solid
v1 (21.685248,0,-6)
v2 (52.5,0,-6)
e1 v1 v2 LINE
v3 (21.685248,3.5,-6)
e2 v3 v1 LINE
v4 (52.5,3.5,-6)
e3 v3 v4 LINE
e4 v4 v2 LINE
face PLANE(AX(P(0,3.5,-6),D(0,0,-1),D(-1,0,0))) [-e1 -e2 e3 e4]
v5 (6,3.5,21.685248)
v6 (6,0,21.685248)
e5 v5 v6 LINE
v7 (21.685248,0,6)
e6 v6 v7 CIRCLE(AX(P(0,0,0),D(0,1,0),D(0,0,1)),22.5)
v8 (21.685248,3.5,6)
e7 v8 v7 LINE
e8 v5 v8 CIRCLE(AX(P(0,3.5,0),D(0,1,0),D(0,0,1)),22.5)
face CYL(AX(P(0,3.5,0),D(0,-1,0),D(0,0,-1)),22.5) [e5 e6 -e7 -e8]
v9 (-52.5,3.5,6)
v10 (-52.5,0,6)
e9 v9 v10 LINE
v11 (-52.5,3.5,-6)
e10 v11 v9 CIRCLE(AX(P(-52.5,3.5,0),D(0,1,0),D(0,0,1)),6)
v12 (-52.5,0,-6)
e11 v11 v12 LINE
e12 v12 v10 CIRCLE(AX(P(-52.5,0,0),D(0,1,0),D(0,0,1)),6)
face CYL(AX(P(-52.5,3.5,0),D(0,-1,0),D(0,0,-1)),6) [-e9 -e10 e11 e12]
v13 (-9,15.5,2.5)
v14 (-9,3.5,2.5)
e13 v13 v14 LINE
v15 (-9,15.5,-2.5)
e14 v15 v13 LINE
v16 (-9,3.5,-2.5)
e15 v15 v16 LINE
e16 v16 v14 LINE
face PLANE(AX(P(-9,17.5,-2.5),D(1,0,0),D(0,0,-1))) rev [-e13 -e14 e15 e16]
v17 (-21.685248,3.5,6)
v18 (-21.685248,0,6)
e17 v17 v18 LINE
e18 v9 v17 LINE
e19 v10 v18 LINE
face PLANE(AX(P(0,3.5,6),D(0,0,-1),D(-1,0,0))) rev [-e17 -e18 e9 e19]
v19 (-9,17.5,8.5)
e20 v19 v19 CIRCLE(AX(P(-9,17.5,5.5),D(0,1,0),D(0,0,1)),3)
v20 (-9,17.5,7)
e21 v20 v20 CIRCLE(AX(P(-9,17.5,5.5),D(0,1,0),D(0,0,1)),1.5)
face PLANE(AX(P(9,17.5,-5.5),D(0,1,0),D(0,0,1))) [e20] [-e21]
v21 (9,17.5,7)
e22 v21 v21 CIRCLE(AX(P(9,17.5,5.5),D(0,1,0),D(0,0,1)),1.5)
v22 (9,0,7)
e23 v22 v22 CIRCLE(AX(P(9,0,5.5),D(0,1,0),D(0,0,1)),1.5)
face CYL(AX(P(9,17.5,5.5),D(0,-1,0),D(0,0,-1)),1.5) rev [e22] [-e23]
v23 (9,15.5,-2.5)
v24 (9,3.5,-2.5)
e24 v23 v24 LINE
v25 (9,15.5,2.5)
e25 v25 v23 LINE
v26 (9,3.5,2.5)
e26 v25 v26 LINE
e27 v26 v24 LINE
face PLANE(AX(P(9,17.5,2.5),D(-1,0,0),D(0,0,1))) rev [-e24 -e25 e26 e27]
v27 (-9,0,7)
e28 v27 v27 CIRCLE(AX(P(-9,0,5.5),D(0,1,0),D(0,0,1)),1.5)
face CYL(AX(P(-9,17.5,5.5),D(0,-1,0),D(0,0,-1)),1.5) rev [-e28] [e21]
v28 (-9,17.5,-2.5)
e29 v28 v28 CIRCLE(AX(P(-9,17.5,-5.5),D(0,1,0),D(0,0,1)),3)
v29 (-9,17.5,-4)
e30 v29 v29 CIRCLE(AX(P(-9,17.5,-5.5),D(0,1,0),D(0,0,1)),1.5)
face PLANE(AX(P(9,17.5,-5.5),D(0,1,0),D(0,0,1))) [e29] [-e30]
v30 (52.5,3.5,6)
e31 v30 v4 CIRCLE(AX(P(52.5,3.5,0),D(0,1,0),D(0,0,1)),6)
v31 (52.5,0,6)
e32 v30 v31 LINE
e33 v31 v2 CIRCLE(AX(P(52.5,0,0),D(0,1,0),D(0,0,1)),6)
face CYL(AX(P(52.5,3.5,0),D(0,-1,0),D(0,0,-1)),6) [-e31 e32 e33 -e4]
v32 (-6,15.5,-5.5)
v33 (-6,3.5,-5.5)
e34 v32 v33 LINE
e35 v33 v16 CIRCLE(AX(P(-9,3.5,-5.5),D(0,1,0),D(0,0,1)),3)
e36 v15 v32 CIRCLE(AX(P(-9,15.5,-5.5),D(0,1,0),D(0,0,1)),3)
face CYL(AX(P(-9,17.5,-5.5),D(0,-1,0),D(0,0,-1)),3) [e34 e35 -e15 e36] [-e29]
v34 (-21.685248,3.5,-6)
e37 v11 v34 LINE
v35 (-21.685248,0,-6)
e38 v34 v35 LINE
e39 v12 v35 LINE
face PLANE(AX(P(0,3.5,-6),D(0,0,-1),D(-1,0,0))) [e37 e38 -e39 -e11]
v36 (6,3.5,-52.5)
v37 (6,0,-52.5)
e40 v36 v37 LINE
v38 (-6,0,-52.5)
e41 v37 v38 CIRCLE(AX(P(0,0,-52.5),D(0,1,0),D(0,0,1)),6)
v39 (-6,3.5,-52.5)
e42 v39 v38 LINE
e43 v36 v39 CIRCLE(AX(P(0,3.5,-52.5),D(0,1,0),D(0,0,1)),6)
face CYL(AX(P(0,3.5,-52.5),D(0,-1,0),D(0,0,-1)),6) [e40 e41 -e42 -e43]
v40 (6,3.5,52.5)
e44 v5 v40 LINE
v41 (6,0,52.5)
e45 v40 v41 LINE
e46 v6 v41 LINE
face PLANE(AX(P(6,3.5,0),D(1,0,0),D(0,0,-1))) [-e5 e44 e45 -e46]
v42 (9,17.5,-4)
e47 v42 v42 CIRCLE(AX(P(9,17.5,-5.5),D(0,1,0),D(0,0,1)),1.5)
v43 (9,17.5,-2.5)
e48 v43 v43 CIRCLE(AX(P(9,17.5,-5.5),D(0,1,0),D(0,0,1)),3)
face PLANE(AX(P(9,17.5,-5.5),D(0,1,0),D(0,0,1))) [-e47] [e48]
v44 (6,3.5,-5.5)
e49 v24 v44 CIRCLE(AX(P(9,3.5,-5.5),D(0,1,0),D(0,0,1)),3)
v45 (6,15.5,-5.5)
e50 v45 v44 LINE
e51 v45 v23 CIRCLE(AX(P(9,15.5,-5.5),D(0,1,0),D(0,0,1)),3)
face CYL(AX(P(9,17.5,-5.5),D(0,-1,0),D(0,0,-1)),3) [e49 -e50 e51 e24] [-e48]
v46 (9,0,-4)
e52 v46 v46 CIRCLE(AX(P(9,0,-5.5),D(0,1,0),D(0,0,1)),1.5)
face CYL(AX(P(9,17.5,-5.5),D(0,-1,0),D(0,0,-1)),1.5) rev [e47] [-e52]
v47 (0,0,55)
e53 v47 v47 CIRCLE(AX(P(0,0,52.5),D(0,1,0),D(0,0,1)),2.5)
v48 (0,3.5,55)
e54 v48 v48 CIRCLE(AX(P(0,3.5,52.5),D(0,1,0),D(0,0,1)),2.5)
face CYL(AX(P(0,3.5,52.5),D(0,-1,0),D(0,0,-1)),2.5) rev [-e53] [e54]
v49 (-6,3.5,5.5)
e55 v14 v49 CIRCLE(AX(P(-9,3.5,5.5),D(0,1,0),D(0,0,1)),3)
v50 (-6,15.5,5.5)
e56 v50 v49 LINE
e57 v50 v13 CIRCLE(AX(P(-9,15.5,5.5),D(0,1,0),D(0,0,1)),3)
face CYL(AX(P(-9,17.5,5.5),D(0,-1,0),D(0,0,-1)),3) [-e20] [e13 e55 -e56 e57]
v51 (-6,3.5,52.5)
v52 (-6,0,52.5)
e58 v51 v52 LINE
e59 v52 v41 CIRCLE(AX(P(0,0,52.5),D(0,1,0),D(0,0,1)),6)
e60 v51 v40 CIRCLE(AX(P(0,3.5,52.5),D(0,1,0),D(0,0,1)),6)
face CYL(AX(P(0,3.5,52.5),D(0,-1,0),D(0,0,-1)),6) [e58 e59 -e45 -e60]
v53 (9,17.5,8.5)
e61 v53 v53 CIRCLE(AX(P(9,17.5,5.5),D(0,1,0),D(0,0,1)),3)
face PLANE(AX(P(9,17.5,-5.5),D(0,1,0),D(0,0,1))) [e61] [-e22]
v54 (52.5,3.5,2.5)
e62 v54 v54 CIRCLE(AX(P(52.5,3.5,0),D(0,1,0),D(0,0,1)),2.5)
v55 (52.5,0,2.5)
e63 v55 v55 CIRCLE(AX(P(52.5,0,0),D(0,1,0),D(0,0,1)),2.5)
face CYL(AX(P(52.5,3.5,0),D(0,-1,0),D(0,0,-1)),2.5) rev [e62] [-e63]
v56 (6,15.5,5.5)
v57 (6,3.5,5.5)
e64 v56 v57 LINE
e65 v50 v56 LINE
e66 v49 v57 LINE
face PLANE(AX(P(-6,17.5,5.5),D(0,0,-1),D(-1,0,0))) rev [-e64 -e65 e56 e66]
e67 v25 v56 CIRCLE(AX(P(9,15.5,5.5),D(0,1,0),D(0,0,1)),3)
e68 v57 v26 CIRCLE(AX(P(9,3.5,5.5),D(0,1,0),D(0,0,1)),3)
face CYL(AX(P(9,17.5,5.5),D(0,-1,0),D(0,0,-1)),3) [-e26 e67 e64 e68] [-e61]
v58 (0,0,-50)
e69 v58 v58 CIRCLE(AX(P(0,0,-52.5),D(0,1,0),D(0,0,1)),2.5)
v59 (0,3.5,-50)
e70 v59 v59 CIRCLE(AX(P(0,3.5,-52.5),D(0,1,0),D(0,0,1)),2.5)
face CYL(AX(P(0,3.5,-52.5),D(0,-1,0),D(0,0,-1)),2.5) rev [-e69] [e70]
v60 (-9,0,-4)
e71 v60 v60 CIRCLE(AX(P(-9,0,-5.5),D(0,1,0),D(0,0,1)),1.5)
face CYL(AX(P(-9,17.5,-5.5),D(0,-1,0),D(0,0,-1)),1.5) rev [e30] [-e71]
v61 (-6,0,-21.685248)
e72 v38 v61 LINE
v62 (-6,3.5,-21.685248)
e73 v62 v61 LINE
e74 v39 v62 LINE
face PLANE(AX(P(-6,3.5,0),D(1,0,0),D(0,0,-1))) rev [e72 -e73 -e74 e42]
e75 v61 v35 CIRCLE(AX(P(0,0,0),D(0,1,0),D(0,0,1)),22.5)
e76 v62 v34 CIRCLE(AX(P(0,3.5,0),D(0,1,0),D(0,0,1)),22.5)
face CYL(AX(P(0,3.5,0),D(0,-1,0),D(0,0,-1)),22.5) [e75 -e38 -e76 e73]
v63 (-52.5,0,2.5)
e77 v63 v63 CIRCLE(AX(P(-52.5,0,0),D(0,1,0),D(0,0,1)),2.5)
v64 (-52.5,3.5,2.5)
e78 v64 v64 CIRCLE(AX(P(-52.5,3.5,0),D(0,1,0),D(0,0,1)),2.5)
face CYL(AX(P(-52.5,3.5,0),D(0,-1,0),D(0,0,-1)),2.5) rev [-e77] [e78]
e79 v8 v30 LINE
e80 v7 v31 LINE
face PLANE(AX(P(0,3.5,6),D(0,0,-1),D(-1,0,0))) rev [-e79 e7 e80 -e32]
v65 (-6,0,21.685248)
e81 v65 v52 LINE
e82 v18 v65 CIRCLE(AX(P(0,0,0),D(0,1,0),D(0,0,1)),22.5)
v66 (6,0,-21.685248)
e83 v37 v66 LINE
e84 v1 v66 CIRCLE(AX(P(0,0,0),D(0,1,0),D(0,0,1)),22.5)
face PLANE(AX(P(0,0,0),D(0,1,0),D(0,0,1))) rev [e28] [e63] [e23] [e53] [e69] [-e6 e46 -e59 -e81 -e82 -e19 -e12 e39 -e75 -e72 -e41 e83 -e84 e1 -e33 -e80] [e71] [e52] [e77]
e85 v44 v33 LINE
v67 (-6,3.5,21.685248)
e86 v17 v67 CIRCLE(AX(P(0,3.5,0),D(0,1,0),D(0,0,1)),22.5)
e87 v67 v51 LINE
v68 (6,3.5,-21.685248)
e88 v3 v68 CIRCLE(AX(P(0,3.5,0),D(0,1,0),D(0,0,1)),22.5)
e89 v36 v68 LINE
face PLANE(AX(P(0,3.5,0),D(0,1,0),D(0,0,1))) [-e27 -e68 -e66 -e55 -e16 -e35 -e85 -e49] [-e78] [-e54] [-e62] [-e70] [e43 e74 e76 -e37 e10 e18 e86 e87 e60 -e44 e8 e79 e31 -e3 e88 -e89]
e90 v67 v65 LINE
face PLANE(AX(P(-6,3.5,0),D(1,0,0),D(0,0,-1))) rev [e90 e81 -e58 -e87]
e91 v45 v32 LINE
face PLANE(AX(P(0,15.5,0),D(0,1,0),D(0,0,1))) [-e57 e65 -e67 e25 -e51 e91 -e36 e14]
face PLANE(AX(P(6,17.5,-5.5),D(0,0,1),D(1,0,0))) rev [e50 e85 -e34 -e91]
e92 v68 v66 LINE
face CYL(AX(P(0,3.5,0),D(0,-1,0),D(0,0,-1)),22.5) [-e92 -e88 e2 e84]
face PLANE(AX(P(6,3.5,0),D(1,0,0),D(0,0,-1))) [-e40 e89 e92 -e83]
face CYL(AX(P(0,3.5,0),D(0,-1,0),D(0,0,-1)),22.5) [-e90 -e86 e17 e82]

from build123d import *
from build123d.topology import SkipClean

# Parameters (mm, degrees)
SKETCH1_R           = 2.5
BOSS_EXTRUDE1_DEPTH = 3.5
SKETCH4_R           = 1.5
BOSS_EXTRUDE2_DEPTH = 14
CUT_EXTRUDE4_START  = -2
CUT_EXTRUDE4_DEPTH  = 2
CUT_EXTRUDE2_START  = -10
SKETCH4_2_R         = 1.5
CUT_EXTRUDE2_DEPTH  = 10


with BuildPart() as part:
    # Sketch1 → Boss-Extrude1 (new body)
    with BuildSketch(Plane(origin=(0, 0, 0), x_dir=(1, 0, 0), z_dir=(0, 1, 0))):
        with BuildLine():
            Line((-21.685248442, 6), (-52.5, 6))
            ThreePointArc((-52.5, 6), (-58.5, 0), (-52.5, -6))
            Line((-52.5, -6), (-21.685248442, -6))
            ThreePointArc((-21.685248442, -6), (-15.909902577, -15.909902577), (-6, -21.685248442))
            Line((-6, -21.685248442), (-6, -52.5))
            ThreePointArc((-6, -52.5), (0, -58.5), (6, -52.5))
            Line((6, -52.5), (6, -21.685248442))
            ThreePointArc((6, -21.685248442), (15.909902577, -15.909902577), (21.685248442, -6))
            Line((21.685248442, -6), (52.5, -6))
            ThreePointArc((52.5, -6), (58.5, 0), (52.5, 6))
            Line((52.5, 6), (21.685248442, 6))
            ThreePointArc((21.685248442, 6), (15.909902577, 15.909902577), (6, 21.685248442))
            Line((6, 21.685248442), (6, 52.5))
            ThreePointArc((6, 52.5), (0, 58.5), (-6, 52.5))
            Line((-6, 52.5), (-6, 21.685248442))
            ThreePointArc((-6, 21.685248442), (-15.909902577, 15.909902577), (-21.685248442, 6))
        make_face()
        with Locations((0, -52.5)):
            Circle(SKETCH1_R, mode=Mode.SUBTRACT)
        with Locations((52.5, 0)):
            Circle(SKETCH1_R, mode=Mode.SUBTRACT)
        with Locations((-52.5, 0)):
            Circle(SKETCH1_R, mode=Mode.SUBTRACT)
        with Locations((0, 52.5)):
            Circle(SKETCH1_R, mode=Mode.SUBTRACT)
    extrude(amount=BOSS_EXTRUDE1_DEPTH)

    # Sketch4 → Boss-Extrude2 (add)
    with BuildSketch(Plane(origin=(0, 3.5, 0), x_dir=(1, 0, 0), z_dir=(0, 1, 0))):
        with BuildLine():
            Line((-6, -5.5), (6, -5.5))
            ThreePointArc((6, -5.5), (11.121320344, -7.621320344), (9, -2.5))
            Line((9, -2.5), (9, 2.5))
            ThreePointArc((9, 2.5), (11.121320344, 7.621320344), (6, 5.5))
            Line((6, 5.5), (-6, 5.5))
            ThreePointArc((-6, 5.5), (-11.121320344, 7.621320344), (-9, 2.5))
            Line((-9, 2.5), (-9, -2.5))
            ThreePointArc((-9, -2.5), (-11.121320344, -7.621320344), (-6, -5.5))
        make_face()
        with Locations((9, -5.5)):
            Circle(SKETCH4_R, mode=Mode.SUBTRACT)
        with Locations((-9, -5.5)):
            Circle(SKETCH4_R, mode=Mode.SUBTRACT)
        with Locations((-9, 5.5)):
            Circle(SKETCH4_R, mode=Mode.SUBTRACT)
        with Locations((9, 5.5)):
            Circle(SKETCH4_R, mode=Mode.SUBTRACT)
    extrude(amount=BOSS_EXTRUDE2_DEPTH)

    # Sketch6 → Cut-Extrude4 (cut)
    with SkipClean():  # the faces are left unmerged after this step: merging them gives an invalid solid
        with BuildSketch(Plane(origin=(0, 17.5, 0), x_dir=(1, 0, 0), z_dir=(0, 1, 0)).offset(CUT_EXTRUDE4_START)):
            with BuildLine():
                ThreePointArc((9, 2.5), (6.878679656, 3.378679656), (6, 5.5))
                Line((6, 5.5), (-6, 5.5))
                ThreePointArc((-6, 5.5), (-6.878679656, 3.378679656), (-9, 2.5))
                Line((-9, 2.5), (-9, -2.5))
                ThreePointArc((-9, -2.5), (-6.878679656, -3.378679656), (-6, -5.5))
                Line((-6, -5.5), (6, -5.5))
                ThreePointArc((6, -5.5), (6.878679656, -3.378679656), (9, -2.5))
                Line((9, -2.5), (9, 2.5))
            make_face()
        extrude(amount=CUT_EXTRUDE4_DEPTH, mode=Mode.SUBTRACT)

    # Sketch4<2> → Cut-Extrude2 (cut)
    with SkipClean():  # the faces are left unmerged after this step: merging them gives an invalid solid
        with BuildSketch(Plane(origin=(0, 3.5, 0), x_dir=(1, 0, 0), z_dir=(0, 1, 0)).offset(CUT_EXTRUDE2_START)):
            with Locations((9, -5.5)):
                Circle(SKETCH4_2_R)
            with Locations((-9, -5.5)):
                Circle(SKETCH4_2_R)
            with Locations((-9, 5.5)):
                Circle(SKETCH4_2_R)
            with Locations((9, 5.5)):
                Circle(SKETCH4_2_R)
        extrude(amount=CUT_EXTRUDE2_DEPTH, mode=Mode.SUBTRACT)


solid = part.part
